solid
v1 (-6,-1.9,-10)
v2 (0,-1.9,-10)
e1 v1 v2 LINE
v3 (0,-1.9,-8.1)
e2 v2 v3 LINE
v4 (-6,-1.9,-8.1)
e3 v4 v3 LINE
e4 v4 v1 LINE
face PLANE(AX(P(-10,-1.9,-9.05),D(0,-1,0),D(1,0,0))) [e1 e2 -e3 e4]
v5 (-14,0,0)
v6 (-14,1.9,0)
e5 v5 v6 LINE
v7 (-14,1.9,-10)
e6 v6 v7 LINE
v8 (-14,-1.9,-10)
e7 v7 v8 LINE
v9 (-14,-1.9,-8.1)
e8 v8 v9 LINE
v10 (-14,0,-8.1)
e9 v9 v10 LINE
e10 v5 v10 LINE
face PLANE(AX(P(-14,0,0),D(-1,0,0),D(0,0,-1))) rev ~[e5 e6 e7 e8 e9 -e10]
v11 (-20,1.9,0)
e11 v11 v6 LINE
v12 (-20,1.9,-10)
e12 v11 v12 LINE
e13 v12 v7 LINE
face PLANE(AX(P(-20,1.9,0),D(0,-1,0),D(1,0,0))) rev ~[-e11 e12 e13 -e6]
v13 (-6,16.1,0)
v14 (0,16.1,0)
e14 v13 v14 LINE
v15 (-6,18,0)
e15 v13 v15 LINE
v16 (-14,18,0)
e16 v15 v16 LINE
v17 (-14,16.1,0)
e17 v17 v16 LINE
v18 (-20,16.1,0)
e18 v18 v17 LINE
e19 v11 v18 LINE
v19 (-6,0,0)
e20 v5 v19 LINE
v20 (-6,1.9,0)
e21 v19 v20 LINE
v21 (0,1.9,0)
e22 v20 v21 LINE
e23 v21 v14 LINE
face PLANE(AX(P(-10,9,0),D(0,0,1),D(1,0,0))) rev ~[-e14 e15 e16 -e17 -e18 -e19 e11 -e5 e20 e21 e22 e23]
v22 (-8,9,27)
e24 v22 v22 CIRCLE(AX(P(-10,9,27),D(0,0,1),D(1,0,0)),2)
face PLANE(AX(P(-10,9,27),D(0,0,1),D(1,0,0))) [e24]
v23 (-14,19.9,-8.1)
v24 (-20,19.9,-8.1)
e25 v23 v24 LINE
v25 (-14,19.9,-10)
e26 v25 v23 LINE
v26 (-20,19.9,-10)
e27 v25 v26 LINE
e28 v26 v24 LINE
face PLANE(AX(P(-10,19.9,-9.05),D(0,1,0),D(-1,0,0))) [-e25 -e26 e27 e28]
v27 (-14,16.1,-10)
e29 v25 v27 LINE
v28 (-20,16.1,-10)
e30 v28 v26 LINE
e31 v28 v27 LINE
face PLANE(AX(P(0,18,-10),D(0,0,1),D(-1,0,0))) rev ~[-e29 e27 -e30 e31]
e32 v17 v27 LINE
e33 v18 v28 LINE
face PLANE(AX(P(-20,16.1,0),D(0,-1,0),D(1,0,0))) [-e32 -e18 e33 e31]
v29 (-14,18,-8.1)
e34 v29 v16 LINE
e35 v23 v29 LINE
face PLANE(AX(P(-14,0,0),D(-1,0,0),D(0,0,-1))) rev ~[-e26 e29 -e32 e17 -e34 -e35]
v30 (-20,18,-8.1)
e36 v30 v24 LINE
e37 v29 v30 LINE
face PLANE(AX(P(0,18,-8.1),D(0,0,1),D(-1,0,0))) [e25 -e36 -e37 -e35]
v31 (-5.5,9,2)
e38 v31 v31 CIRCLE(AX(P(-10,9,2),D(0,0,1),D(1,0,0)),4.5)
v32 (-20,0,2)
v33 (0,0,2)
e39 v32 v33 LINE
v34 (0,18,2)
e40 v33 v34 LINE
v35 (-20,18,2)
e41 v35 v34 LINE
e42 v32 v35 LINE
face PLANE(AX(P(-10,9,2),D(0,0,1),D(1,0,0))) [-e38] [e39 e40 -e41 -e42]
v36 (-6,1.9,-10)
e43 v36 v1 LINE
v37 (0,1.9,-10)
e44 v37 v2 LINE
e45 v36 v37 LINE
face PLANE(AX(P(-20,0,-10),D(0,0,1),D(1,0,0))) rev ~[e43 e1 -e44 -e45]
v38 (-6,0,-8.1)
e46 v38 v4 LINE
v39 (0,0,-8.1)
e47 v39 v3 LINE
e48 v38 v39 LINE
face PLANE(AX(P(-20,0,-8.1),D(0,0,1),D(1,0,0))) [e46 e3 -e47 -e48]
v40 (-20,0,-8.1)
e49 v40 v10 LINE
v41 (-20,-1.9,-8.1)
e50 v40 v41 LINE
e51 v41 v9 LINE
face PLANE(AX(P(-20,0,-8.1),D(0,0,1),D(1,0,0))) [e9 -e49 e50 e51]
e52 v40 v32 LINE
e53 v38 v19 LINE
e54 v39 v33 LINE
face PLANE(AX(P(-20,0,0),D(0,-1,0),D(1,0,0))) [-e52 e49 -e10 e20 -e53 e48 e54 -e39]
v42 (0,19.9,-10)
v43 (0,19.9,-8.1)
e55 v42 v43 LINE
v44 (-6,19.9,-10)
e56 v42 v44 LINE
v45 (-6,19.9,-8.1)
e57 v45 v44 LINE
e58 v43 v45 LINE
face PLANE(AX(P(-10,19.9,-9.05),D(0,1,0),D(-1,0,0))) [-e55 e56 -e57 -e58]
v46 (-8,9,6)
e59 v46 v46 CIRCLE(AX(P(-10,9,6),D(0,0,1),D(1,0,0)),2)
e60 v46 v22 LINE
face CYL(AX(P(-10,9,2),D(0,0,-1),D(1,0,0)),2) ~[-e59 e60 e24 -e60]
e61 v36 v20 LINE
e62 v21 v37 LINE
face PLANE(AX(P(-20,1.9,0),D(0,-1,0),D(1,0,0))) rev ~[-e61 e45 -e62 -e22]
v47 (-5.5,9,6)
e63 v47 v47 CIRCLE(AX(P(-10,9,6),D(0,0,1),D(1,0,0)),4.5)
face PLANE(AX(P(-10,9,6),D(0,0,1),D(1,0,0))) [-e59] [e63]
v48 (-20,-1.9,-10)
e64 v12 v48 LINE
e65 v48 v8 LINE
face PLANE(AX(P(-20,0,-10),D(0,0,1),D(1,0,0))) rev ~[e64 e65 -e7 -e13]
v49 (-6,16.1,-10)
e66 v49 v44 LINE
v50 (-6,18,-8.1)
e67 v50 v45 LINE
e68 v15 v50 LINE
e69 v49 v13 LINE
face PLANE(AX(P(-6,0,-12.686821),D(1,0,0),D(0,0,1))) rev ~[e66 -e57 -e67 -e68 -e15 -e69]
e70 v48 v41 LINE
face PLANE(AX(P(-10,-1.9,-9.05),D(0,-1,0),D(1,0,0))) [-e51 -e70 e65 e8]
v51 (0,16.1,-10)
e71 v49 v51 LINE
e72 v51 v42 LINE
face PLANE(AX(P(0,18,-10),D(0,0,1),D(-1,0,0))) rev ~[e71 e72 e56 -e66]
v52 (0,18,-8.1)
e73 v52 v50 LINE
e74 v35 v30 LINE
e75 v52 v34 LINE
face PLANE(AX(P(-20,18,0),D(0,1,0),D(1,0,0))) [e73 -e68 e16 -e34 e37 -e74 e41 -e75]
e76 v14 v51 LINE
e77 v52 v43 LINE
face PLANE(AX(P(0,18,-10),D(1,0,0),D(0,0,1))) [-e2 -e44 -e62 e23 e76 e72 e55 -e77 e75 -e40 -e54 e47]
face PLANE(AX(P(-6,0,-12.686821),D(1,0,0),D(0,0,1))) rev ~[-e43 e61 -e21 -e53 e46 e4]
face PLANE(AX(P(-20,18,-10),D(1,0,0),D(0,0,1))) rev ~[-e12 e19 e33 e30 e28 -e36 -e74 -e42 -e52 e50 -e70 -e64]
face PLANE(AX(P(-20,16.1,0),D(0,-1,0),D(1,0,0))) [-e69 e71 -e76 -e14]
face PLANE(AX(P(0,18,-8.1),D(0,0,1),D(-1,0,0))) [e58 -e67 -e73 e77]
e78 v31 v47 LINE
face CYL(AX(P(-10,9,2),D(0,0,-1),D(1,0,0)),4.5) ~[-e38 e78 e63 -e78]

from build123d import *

# Parameters (mm, degrees)
F0_W           = 20
F0_H           = 18
F1_DEPTH       = 2
F2_W           = 20
F2_H           = 1.9
F3_DEPTH       = 10
F4_W           = 20
F4_H           = 1.9
F5_DEPTH       = 1.9
F6_W           = 20
F6_H           = 1.9
F7_DEPTH       = 1.9
F8_R           = 4.5
F8_R_2         = 2
F9_DEPTH       = 4
F10_DEPTH      = 25
F11_W          = 8
F11_H          = 8.1
F11_H_2        = 4.5868207008
F12_DEPTH      = 19.901
F12_DEPTH_BACK = 25


with BuildPart() as f1:
    # F0 (on Top) → F1 (new body)
    with BuildSketch(Plane.XY):
        with Locations((-10, 9)):
            Rectangle(F0_W, F0_H)
    extrude(amount=F1_DEPTH)

    # F2 (on face) → F3 (join)
    with BuildSketch(Plane(origin=(0, 0, 0), x_dir=(1, 0, 0), z_dir=(0, 0, -1))):
        with Locations((-10, -0.95)):
            Rectangle(F2_W, F2_H)
        with Locations((-10, -17.05)):
            Rectangle(F2_W, F2_H)
    extrude(amount=F3_DEPTH)

    # F4 (on face) → F5 (join)
    with BuildSketch(Plane.XZ):
        with Locations((-10, -9.05)):
            Rectangle(F4_W, F4_H)
    extrude(amount=F5_DEPTH)

    # F6 (on face) → F7 (join)
    with BuildSketch(Plane(origin=(0, 18, 0), x_dir=(-1, 0, 0), z_dir=(0, 1, 0))):
        with Locations((10, -9.05)):
            Rectangle(F6_W, F6_H)
    extrude(amount=F7_DEPTH)

    # F8 (on face) → F9 (join)
    with BuildSketch(Plane.XY.offset(2)):
        with Locations((-10, 9)):
            Circle(F8_R)
        with Locations((-10, 9)):
            Circle(F8_R_2, mode=Mode.SUBTRACT)
    extrude(amount=F9_DEPTH)

    # F10 (add): a face of the model
    f10_faces = [f1.faces().sort_by_distance(p)[0] for p in [
        (-10, 9, 2),
    ]]
    extrude(f10_faces, amount=F10_DEPTH)

    # F11 (on face) → F12 (cut, two sides)
    with BuildSketch(Plane.XZ) as f12_sk:
        with Locations((-10, -4.05)):
            Rectangle(F11_W, F11_H)
        with Locations((-10, -10.3934103504)):
            Rectangle(F11_W, F11_H_2)
    extrude(amount=-F12_DEPTH, mode=Mode.SUBTRACT)
    extrude(f12_sk.sketch, amount=F12_DEPTH_BACK, mode=Mode.SUBTRACT)


solid = f1.part
